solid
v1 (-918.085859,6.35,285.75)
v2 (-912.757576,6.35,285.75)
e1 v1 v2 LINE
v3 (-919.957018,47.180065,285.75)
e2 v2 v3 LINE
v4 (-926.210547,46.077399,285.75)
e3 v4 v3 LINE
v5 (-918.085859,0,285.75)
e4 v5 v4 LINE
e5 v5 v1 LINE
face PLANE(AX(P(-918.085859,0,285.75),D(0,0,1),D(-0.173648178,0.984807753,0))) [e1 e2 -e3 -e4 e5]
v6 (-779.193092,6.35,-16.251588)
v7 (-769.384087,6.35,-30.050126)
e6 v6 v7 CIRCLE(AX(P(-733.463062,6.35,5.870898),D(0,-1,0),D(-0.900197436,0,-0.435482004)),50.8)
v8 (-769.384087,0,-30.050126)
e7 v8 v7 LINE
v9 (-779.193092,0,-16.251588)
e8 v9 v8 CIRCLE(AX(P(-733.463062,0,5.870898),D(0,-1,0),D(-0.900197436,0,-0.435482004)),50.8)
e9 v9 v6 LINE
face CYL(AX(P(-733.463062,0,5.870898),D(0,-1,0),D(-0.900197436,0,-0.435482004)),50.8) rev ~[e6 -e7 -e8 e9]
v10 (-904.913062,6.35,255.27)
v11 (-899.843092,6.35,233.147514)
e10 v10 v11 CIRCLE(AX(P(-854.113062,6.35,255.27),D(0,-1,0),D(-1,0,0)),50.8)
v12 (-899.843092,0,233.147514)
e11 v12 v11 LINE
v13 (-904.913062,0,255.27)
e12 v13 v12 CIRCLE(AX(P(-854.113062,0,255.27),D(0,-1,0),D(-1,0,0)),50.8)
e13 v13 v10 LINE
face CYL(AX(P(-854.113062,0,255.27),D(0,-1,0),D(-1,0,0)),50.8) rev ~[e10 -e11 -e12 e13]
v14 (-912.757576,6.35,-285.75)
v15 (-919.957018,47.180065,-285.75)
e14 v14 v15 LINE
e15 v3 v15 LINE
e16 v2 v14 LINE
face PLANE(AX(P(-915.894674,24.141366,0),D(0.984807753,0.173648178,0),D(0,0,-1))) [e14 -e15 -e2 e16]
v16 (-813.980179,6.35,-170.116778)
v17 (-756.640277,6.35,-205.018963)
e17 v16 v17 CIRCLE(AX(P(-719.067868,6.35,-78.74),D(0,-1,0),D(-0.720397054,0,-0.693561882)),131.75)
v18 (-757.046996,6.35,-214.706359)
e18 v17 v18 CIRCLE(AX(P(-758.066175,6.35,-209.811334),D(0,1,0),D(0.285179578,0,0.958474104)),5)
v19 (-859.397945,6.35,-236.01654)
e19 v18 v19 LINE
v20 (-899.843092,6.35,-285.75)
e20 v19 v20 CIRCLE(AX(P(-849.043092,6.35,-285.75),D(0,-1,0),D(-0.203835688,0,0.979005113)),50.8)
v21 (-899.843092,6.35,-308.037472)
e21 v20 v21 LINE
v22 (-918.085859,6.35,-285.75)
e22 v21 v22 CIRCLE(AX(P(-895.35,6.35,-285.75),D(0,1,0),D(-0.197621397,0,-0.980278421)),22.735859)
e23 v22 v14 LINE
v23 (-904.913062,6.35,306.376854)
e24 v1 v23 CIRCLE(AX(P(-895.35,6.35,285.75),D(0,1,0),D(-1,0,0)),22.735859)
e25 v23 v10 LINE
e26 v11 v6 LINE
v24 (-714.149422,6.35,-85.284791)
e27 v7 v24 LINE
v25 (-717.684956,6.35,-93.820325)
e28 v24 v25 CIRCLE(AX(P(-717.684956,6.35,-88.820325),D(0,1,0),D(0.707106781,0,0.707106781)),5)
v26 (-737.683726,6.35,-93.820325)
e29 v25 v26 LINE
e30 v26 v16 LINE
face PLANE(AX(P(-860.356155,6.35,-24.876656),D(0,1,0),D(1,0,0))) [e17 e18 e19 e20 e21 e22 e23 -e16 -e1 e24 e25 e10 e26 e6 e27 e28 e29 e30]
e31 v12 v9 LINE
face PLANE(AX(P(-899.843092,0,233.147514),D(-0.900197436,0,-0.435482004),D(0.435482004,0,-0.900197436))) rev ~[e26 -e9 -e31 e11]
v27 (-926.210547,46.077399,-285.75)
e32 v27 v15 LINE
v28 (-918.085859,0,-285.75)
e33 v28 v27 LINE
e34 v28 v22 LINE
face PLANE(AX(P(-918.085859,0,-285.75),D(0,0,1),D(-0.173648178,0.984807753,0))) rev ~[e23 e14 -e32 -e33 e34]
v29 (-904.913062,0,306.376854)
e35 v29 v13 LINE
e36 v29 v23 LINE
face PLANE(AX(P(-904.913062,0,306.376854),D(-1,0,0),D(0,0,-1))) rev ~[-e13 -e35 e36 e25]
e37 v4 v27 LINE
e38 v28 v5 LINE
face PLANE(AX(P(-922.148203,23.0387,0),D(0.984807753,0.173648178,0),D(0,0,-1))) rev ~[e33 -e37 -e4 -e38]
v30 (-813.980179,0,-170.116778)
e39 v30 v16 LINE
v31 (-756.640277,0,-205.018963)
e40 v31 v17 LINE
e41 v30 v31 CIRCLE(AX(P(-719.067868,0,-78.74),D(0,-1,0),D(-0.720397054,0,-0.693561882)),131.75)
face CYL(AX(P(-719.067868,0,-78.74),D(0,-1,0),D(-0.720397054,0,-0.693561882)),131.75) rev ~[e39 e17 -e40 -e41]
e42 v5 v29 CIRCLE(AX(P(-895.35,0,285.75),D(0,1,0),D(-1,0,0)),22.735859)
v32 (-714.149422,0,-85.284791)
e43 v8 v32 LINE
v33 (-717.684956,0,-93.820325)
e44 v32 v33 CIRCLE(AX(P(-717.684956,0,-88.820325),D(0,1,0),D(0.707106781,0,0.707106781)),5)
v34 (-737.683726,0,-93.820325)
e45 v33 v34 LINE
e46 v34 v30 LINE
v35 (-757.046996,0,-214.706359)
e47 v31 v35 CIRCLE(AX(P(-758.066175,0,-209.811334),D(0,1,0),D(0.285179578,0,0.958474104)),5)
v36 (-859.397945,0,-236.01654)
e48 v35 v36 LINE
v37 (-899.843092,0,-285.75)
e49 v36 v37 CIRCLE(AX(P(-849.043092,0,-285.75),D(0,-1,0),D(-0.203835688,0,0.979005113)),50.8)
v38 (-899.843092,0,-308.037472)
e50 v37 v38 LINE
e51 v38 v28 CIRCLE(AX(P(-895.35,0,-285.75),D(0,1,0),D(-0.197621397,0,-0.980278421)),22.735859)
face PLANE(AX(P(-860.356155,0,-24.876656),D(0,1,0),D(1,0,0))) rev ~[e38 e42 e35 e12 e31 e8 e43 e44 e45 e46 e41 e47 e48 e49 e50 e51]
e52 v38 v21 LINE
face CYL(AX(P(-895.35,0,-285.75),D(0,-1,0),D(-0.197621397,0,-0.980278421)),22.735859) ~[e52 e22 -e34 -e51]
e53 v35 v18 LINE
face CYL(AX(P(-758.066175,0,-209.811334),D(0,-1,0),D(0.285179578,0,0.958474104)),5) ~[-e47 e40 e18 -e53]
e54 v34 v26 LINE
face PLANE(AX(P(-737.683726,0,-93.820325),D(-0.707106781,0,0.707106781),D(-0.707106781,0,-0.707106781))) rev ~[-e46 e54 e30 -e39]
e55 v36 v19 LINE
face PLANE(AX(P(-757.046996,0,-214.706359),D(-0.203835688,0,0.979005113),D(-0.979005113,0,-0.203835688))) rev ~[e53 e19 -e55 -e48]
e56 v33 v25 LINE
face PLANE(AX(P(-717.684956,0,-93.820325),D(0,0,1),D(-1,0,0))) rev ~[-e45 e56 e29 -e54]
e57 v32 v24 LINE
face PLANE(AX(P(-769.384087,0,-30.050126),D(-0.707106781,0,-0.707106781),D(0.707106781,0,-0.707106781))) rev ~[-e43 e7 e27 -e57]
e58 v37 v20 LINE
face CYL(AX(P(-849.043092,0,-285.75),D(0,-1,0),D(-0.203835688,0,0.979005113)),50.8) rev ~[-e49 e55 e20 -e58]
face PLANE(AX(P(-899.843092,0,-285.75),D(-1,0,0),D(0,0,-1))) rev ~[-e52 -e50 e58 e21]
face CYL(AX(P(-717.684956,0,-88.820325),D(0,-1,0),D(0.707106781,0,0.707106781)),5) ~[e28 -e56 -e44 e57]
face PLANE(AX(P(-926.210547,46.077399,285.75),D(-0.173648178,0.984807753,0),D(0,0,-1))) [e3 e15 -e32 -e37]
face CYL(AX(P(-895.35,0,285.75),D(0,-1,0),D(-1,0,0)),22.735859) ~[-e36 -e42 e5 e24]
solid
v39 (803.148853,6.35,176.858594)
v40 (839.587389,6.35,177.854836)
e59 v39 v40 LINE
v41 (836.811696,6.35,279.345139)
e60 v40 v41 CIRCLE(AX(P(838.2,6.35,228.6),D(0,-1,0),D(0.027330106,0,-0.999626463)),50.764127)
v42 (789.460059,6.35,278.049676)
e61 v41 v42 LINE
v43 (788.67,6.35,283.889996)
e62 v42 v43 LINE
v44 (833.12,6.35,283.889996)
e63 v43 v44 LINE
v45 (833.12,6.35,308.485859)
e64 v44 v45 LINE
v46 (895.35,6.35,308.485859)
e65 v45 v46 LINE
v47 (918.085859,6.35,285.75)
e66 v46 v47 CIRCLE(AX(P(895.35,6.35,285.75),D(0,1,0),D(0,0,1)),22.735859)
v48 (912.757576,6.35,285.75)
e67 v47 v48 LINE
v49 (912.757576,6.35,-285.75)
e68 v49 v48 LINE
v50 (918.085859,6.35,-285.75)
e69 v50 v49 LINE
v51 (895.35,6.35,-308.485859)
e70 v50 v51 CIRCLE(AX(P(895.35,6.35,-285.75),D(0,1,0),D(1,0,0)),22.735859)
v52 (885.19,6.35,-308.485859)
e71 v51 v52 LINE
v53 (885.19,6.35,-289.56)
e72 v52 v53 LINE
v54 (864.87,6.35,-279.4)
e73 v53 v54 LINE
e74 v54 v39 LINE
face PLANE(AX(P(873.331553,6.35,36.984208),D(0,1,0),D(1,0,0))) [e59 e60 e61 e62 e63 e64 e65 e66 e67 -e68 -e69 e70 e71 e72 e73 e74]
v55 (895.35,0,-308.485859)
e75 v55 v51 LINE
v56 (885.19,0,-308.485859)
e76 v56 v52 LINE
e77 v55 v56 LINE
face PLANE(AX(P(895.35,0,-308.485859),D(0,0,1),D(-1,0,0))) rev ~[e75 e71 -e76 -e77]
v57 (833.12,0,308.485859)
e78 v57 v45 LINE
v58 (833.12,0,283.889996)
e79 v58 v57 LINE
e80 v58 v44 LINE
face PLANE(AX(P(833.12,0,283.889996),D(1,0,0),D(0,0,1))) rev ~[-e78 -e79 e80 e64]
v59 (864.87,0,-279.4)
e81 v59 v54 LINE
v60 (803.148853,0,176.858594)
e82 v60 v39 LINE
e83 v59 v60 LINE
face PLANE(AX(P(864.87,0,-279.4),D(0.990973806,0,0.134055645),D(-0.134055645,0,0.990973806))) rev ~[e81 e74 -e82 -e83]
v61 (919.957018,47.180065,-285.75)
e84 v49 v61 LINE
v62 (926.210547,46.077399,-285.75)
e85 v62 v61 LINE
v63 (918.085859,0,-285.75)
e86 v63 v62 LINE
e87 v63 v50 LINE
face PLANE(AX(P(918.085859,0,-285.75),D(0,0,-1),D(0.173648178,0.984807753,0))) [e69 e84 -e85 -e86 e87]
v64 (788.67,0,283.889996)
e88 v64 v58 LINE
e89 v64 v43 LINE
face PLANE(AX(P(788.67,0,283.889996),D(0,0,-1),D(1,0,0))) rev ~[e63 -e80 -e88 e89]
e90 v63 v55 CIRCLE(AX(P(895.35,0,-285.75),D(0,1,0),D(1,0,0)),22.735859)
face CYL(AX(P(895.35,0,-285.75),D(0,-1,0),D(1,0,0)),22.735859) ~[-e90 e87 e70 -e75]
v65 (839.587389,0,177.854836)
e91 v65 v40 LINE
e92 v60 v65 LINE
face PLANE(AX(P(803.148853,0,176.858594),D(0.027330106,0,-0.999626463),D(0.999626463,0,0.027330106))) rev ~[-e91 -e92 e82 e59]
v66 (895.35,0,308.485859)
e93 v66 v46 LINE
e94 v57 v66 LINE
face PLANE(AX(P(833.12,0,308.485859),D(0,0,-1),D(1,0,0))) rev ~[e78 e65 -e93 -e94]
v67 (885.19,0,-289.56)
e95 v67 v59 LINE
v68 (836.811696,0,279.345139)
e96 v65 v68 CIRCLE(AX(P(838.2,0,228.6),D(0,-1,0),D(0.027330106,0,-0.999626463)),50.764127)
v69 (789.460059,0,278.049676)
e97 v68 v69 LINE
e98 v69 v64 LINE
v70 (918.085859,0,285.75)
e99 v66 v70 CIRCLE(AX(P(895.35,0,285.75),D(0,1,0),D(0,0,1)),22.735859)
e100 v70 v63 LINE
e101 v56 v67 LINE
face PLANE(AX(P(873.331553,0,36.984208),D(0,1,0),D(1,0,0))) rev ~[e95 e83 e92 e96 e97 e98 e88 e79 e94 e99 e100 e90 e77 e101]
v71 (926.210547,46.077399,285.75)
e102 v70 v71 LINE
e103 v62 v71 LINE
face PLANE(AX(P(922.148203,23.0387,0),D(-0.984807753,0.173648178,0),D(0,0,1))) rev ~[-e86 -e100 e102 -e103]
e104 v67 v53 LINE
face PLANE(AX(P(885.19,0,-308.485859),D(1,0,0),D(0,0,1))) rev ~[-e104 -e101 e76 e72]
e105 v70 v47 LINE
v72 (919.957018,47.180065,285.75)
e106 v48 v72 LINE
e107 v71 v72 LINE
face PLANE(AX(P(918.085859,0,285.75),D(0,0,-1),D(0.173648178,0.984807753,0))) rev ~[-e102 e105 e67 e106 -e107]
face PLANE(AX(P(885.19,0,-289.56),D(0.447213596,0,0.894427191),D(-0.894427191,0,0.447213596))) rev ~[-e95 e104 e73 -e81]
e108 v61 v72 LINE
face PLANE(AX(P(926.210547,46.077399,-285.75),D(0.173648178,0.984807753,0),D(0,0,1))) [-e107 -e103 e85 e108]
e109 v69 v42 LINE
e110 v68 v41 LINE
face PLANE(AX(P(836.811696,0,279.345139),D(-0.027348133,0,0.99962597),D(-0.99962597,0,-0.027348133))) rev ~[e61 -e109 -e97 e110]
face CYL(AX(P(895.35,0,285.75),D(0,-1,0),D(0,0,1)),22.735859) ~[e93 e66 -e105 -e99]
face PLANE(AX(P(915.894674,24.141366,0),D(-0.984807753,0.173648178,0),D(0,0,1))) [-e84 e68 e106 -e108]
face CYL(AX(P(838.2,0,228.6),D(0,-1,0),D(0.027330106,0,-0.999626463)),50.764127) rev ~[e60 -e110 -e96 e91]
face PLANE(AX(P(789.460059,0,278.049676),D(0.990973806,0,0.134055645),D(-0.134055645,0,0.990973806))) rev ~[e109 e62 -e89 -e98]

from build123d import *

# Parameters (mm, degrees)
BOSS_EXTRUDE1_DEPTH   = 6.35
BOSS_EXTRUDE1_2_DEPTH = 6.35
SKETCH2_W             = 571.5
SKETCH2_H             = 46.788217492
BOSS_EXTRUDE2_DEPTH   = 6.35
SKETCH3_W             = 571.5
SKETCH3_H             = 46.788217492
BOSS_EXTRUDE3_DEPTH   = 6.35


with BuildPart() as part:
    # Sketch1 → Boss-Extrude1 (new body)
    with BuildSketch(Plane(origin=(0, 0, 0), x_dir=(1, 0, 0), z_dir=(0, 1, 0))):
        with BuildLine():
            Line((918.085858671, -285.75), (918.085858671, 285.75))
            ThreePointArc((918.085858671, 285.75), (911.426679842, 301.826679842), (895.35, 308.485858671))
            Line((895.35, 308.485858671), (885.19, 308.485858671))
            Line((885.19, 308.485858671), (885.19, 289.56))
            Line((885.19, 289.56), (864.87, 279.4))
            Line((864.87, 279.4), (803.148852568, -176.858594457))
            Line((803.148852568, -176.858594457), (839.587388975, -177.854835662))
            ThreePointArc((839.587388975, -177.854835662), (888.945151826, -229.987846529), (836.811695918, -279.34513931))
            Line((836.811695918, -279.34513931), (789.460059122, -278.049675912))
            Line((789.460059122, -278.049675912), (788.67, -283.889996122))
            Line((788.67, -283.889996122), (833.12, -283.889996122))
            Line((833.12, -283.889996122), (833.12, -308.485858671))
            Line((833.12, -308.485858671), (895.35, -308.485858671))
            ThreePointArc((895.35, -308.485858671), (911.426679842, -301.826679842), (918.085858671, -285.75))
        make_face()
    extrude(amount=BOSS_EXTRUDE1_DEPTH)

    # Sketch3 → Boss-Extrude3 (add)
    with BuildSketch(Plane(origin=(890.402182656, -157.001928484, 0), x_dir=(0, 0, 1), z_dir=(-0.9848077530122081, 0.17364817766693072, 0))):
        with Locations((0, 182.818045046)):
            Rectangle(SKETCH3_W, SKETCH3_H)
    extrude(amount=BOSS_EXTRUDE3_DEPTH)


with BuildPart() as body_2:
    # Sketch1 → Boss-Extrude1 2 (new body)
    with BuildSketch(Plane(origin=(0, 0, 0), x_dir=(1, 0, 0), z_dir=(0, 1, 0))):
        with BuildLine():
            Line((-918.085858671, 285.75), (-918.085858671, -285.75))
            ThreePointArc((-918.085858671, -285.75), (-914.511728847, -297.987132715), (-904.913062406, -306.376854024))
            Line((-904.913062406, -306.376854024), (-904.913062406, -255.27))
            ThreePointArc((-904.913062406, -255.27), (-903.629350189, -243.921993823), (-899.843092163, -233.147514188))
            Line((-899.843092163, -233.147514188), (-779.193092163, 16.251587569))
            ThreePointArc((-779.193092163, 16.251587569), (-774.867453261, 23.562355365), (-769.384086891, 30.050126241))
            Line((-769.384086891, 30.050126241), (-714.14942221, 85.284790922))
            ThreePointArc((-714.14942221, 85.284790922), (-713.065558454, 90.733741989), (-717.684956116, 93.820324827))
            Line((-717.684956116, 93.820324827), (-737.683726269, 93.820324827))
            Line((-737.683726269, 93.820324827), (-813.980179417, 170.116777976))
            ThreePointArc((-813.980179417, 170.116777976), (-787.570356374, 191.280977084), (-756.640276937, 205.018963219))
            ThreePointArc((-756.640276937, 205.018963219), (-753.070575733, 210.021070937), (-757.046996385, 214.706359307))
            Line((-757.046996385, 214.706359307), (-859.397945134, 236.016540238))
            ThreePointArc((-859.397945134, 236.016540238), (-888.455441312, 253.698373918), (-899.843092163, 285.75))
            Line((-899.843092163, 285.75), (-899.843092163, 308.037471645))
            ThreePointArc((-899.843092163, 308.037471645), (-912.943657634, 300.150780554), (-918.085858671, 285.75))
        make_face()
    extrude(amount=BOSS_EXTRUDE1_2_DEPTH)

    # Sketch2 → Boss-Extrude2 (add)
    with BuildSketch(Plane(origin=(-890.402182656, -157.001928484, 0), x_dir=(0, 0, -1), z_dir=(0.9848077530122081, 0.17364817766693072, 0))):
        with Locations((0, 182.818045046)):
            Rectangle(SKETCH2_W, SKETCH2_H)
    extrude(amount=BOSS_EXTRUDE2_DEPTH)


solid = Compound([part.part, body_2.part])
